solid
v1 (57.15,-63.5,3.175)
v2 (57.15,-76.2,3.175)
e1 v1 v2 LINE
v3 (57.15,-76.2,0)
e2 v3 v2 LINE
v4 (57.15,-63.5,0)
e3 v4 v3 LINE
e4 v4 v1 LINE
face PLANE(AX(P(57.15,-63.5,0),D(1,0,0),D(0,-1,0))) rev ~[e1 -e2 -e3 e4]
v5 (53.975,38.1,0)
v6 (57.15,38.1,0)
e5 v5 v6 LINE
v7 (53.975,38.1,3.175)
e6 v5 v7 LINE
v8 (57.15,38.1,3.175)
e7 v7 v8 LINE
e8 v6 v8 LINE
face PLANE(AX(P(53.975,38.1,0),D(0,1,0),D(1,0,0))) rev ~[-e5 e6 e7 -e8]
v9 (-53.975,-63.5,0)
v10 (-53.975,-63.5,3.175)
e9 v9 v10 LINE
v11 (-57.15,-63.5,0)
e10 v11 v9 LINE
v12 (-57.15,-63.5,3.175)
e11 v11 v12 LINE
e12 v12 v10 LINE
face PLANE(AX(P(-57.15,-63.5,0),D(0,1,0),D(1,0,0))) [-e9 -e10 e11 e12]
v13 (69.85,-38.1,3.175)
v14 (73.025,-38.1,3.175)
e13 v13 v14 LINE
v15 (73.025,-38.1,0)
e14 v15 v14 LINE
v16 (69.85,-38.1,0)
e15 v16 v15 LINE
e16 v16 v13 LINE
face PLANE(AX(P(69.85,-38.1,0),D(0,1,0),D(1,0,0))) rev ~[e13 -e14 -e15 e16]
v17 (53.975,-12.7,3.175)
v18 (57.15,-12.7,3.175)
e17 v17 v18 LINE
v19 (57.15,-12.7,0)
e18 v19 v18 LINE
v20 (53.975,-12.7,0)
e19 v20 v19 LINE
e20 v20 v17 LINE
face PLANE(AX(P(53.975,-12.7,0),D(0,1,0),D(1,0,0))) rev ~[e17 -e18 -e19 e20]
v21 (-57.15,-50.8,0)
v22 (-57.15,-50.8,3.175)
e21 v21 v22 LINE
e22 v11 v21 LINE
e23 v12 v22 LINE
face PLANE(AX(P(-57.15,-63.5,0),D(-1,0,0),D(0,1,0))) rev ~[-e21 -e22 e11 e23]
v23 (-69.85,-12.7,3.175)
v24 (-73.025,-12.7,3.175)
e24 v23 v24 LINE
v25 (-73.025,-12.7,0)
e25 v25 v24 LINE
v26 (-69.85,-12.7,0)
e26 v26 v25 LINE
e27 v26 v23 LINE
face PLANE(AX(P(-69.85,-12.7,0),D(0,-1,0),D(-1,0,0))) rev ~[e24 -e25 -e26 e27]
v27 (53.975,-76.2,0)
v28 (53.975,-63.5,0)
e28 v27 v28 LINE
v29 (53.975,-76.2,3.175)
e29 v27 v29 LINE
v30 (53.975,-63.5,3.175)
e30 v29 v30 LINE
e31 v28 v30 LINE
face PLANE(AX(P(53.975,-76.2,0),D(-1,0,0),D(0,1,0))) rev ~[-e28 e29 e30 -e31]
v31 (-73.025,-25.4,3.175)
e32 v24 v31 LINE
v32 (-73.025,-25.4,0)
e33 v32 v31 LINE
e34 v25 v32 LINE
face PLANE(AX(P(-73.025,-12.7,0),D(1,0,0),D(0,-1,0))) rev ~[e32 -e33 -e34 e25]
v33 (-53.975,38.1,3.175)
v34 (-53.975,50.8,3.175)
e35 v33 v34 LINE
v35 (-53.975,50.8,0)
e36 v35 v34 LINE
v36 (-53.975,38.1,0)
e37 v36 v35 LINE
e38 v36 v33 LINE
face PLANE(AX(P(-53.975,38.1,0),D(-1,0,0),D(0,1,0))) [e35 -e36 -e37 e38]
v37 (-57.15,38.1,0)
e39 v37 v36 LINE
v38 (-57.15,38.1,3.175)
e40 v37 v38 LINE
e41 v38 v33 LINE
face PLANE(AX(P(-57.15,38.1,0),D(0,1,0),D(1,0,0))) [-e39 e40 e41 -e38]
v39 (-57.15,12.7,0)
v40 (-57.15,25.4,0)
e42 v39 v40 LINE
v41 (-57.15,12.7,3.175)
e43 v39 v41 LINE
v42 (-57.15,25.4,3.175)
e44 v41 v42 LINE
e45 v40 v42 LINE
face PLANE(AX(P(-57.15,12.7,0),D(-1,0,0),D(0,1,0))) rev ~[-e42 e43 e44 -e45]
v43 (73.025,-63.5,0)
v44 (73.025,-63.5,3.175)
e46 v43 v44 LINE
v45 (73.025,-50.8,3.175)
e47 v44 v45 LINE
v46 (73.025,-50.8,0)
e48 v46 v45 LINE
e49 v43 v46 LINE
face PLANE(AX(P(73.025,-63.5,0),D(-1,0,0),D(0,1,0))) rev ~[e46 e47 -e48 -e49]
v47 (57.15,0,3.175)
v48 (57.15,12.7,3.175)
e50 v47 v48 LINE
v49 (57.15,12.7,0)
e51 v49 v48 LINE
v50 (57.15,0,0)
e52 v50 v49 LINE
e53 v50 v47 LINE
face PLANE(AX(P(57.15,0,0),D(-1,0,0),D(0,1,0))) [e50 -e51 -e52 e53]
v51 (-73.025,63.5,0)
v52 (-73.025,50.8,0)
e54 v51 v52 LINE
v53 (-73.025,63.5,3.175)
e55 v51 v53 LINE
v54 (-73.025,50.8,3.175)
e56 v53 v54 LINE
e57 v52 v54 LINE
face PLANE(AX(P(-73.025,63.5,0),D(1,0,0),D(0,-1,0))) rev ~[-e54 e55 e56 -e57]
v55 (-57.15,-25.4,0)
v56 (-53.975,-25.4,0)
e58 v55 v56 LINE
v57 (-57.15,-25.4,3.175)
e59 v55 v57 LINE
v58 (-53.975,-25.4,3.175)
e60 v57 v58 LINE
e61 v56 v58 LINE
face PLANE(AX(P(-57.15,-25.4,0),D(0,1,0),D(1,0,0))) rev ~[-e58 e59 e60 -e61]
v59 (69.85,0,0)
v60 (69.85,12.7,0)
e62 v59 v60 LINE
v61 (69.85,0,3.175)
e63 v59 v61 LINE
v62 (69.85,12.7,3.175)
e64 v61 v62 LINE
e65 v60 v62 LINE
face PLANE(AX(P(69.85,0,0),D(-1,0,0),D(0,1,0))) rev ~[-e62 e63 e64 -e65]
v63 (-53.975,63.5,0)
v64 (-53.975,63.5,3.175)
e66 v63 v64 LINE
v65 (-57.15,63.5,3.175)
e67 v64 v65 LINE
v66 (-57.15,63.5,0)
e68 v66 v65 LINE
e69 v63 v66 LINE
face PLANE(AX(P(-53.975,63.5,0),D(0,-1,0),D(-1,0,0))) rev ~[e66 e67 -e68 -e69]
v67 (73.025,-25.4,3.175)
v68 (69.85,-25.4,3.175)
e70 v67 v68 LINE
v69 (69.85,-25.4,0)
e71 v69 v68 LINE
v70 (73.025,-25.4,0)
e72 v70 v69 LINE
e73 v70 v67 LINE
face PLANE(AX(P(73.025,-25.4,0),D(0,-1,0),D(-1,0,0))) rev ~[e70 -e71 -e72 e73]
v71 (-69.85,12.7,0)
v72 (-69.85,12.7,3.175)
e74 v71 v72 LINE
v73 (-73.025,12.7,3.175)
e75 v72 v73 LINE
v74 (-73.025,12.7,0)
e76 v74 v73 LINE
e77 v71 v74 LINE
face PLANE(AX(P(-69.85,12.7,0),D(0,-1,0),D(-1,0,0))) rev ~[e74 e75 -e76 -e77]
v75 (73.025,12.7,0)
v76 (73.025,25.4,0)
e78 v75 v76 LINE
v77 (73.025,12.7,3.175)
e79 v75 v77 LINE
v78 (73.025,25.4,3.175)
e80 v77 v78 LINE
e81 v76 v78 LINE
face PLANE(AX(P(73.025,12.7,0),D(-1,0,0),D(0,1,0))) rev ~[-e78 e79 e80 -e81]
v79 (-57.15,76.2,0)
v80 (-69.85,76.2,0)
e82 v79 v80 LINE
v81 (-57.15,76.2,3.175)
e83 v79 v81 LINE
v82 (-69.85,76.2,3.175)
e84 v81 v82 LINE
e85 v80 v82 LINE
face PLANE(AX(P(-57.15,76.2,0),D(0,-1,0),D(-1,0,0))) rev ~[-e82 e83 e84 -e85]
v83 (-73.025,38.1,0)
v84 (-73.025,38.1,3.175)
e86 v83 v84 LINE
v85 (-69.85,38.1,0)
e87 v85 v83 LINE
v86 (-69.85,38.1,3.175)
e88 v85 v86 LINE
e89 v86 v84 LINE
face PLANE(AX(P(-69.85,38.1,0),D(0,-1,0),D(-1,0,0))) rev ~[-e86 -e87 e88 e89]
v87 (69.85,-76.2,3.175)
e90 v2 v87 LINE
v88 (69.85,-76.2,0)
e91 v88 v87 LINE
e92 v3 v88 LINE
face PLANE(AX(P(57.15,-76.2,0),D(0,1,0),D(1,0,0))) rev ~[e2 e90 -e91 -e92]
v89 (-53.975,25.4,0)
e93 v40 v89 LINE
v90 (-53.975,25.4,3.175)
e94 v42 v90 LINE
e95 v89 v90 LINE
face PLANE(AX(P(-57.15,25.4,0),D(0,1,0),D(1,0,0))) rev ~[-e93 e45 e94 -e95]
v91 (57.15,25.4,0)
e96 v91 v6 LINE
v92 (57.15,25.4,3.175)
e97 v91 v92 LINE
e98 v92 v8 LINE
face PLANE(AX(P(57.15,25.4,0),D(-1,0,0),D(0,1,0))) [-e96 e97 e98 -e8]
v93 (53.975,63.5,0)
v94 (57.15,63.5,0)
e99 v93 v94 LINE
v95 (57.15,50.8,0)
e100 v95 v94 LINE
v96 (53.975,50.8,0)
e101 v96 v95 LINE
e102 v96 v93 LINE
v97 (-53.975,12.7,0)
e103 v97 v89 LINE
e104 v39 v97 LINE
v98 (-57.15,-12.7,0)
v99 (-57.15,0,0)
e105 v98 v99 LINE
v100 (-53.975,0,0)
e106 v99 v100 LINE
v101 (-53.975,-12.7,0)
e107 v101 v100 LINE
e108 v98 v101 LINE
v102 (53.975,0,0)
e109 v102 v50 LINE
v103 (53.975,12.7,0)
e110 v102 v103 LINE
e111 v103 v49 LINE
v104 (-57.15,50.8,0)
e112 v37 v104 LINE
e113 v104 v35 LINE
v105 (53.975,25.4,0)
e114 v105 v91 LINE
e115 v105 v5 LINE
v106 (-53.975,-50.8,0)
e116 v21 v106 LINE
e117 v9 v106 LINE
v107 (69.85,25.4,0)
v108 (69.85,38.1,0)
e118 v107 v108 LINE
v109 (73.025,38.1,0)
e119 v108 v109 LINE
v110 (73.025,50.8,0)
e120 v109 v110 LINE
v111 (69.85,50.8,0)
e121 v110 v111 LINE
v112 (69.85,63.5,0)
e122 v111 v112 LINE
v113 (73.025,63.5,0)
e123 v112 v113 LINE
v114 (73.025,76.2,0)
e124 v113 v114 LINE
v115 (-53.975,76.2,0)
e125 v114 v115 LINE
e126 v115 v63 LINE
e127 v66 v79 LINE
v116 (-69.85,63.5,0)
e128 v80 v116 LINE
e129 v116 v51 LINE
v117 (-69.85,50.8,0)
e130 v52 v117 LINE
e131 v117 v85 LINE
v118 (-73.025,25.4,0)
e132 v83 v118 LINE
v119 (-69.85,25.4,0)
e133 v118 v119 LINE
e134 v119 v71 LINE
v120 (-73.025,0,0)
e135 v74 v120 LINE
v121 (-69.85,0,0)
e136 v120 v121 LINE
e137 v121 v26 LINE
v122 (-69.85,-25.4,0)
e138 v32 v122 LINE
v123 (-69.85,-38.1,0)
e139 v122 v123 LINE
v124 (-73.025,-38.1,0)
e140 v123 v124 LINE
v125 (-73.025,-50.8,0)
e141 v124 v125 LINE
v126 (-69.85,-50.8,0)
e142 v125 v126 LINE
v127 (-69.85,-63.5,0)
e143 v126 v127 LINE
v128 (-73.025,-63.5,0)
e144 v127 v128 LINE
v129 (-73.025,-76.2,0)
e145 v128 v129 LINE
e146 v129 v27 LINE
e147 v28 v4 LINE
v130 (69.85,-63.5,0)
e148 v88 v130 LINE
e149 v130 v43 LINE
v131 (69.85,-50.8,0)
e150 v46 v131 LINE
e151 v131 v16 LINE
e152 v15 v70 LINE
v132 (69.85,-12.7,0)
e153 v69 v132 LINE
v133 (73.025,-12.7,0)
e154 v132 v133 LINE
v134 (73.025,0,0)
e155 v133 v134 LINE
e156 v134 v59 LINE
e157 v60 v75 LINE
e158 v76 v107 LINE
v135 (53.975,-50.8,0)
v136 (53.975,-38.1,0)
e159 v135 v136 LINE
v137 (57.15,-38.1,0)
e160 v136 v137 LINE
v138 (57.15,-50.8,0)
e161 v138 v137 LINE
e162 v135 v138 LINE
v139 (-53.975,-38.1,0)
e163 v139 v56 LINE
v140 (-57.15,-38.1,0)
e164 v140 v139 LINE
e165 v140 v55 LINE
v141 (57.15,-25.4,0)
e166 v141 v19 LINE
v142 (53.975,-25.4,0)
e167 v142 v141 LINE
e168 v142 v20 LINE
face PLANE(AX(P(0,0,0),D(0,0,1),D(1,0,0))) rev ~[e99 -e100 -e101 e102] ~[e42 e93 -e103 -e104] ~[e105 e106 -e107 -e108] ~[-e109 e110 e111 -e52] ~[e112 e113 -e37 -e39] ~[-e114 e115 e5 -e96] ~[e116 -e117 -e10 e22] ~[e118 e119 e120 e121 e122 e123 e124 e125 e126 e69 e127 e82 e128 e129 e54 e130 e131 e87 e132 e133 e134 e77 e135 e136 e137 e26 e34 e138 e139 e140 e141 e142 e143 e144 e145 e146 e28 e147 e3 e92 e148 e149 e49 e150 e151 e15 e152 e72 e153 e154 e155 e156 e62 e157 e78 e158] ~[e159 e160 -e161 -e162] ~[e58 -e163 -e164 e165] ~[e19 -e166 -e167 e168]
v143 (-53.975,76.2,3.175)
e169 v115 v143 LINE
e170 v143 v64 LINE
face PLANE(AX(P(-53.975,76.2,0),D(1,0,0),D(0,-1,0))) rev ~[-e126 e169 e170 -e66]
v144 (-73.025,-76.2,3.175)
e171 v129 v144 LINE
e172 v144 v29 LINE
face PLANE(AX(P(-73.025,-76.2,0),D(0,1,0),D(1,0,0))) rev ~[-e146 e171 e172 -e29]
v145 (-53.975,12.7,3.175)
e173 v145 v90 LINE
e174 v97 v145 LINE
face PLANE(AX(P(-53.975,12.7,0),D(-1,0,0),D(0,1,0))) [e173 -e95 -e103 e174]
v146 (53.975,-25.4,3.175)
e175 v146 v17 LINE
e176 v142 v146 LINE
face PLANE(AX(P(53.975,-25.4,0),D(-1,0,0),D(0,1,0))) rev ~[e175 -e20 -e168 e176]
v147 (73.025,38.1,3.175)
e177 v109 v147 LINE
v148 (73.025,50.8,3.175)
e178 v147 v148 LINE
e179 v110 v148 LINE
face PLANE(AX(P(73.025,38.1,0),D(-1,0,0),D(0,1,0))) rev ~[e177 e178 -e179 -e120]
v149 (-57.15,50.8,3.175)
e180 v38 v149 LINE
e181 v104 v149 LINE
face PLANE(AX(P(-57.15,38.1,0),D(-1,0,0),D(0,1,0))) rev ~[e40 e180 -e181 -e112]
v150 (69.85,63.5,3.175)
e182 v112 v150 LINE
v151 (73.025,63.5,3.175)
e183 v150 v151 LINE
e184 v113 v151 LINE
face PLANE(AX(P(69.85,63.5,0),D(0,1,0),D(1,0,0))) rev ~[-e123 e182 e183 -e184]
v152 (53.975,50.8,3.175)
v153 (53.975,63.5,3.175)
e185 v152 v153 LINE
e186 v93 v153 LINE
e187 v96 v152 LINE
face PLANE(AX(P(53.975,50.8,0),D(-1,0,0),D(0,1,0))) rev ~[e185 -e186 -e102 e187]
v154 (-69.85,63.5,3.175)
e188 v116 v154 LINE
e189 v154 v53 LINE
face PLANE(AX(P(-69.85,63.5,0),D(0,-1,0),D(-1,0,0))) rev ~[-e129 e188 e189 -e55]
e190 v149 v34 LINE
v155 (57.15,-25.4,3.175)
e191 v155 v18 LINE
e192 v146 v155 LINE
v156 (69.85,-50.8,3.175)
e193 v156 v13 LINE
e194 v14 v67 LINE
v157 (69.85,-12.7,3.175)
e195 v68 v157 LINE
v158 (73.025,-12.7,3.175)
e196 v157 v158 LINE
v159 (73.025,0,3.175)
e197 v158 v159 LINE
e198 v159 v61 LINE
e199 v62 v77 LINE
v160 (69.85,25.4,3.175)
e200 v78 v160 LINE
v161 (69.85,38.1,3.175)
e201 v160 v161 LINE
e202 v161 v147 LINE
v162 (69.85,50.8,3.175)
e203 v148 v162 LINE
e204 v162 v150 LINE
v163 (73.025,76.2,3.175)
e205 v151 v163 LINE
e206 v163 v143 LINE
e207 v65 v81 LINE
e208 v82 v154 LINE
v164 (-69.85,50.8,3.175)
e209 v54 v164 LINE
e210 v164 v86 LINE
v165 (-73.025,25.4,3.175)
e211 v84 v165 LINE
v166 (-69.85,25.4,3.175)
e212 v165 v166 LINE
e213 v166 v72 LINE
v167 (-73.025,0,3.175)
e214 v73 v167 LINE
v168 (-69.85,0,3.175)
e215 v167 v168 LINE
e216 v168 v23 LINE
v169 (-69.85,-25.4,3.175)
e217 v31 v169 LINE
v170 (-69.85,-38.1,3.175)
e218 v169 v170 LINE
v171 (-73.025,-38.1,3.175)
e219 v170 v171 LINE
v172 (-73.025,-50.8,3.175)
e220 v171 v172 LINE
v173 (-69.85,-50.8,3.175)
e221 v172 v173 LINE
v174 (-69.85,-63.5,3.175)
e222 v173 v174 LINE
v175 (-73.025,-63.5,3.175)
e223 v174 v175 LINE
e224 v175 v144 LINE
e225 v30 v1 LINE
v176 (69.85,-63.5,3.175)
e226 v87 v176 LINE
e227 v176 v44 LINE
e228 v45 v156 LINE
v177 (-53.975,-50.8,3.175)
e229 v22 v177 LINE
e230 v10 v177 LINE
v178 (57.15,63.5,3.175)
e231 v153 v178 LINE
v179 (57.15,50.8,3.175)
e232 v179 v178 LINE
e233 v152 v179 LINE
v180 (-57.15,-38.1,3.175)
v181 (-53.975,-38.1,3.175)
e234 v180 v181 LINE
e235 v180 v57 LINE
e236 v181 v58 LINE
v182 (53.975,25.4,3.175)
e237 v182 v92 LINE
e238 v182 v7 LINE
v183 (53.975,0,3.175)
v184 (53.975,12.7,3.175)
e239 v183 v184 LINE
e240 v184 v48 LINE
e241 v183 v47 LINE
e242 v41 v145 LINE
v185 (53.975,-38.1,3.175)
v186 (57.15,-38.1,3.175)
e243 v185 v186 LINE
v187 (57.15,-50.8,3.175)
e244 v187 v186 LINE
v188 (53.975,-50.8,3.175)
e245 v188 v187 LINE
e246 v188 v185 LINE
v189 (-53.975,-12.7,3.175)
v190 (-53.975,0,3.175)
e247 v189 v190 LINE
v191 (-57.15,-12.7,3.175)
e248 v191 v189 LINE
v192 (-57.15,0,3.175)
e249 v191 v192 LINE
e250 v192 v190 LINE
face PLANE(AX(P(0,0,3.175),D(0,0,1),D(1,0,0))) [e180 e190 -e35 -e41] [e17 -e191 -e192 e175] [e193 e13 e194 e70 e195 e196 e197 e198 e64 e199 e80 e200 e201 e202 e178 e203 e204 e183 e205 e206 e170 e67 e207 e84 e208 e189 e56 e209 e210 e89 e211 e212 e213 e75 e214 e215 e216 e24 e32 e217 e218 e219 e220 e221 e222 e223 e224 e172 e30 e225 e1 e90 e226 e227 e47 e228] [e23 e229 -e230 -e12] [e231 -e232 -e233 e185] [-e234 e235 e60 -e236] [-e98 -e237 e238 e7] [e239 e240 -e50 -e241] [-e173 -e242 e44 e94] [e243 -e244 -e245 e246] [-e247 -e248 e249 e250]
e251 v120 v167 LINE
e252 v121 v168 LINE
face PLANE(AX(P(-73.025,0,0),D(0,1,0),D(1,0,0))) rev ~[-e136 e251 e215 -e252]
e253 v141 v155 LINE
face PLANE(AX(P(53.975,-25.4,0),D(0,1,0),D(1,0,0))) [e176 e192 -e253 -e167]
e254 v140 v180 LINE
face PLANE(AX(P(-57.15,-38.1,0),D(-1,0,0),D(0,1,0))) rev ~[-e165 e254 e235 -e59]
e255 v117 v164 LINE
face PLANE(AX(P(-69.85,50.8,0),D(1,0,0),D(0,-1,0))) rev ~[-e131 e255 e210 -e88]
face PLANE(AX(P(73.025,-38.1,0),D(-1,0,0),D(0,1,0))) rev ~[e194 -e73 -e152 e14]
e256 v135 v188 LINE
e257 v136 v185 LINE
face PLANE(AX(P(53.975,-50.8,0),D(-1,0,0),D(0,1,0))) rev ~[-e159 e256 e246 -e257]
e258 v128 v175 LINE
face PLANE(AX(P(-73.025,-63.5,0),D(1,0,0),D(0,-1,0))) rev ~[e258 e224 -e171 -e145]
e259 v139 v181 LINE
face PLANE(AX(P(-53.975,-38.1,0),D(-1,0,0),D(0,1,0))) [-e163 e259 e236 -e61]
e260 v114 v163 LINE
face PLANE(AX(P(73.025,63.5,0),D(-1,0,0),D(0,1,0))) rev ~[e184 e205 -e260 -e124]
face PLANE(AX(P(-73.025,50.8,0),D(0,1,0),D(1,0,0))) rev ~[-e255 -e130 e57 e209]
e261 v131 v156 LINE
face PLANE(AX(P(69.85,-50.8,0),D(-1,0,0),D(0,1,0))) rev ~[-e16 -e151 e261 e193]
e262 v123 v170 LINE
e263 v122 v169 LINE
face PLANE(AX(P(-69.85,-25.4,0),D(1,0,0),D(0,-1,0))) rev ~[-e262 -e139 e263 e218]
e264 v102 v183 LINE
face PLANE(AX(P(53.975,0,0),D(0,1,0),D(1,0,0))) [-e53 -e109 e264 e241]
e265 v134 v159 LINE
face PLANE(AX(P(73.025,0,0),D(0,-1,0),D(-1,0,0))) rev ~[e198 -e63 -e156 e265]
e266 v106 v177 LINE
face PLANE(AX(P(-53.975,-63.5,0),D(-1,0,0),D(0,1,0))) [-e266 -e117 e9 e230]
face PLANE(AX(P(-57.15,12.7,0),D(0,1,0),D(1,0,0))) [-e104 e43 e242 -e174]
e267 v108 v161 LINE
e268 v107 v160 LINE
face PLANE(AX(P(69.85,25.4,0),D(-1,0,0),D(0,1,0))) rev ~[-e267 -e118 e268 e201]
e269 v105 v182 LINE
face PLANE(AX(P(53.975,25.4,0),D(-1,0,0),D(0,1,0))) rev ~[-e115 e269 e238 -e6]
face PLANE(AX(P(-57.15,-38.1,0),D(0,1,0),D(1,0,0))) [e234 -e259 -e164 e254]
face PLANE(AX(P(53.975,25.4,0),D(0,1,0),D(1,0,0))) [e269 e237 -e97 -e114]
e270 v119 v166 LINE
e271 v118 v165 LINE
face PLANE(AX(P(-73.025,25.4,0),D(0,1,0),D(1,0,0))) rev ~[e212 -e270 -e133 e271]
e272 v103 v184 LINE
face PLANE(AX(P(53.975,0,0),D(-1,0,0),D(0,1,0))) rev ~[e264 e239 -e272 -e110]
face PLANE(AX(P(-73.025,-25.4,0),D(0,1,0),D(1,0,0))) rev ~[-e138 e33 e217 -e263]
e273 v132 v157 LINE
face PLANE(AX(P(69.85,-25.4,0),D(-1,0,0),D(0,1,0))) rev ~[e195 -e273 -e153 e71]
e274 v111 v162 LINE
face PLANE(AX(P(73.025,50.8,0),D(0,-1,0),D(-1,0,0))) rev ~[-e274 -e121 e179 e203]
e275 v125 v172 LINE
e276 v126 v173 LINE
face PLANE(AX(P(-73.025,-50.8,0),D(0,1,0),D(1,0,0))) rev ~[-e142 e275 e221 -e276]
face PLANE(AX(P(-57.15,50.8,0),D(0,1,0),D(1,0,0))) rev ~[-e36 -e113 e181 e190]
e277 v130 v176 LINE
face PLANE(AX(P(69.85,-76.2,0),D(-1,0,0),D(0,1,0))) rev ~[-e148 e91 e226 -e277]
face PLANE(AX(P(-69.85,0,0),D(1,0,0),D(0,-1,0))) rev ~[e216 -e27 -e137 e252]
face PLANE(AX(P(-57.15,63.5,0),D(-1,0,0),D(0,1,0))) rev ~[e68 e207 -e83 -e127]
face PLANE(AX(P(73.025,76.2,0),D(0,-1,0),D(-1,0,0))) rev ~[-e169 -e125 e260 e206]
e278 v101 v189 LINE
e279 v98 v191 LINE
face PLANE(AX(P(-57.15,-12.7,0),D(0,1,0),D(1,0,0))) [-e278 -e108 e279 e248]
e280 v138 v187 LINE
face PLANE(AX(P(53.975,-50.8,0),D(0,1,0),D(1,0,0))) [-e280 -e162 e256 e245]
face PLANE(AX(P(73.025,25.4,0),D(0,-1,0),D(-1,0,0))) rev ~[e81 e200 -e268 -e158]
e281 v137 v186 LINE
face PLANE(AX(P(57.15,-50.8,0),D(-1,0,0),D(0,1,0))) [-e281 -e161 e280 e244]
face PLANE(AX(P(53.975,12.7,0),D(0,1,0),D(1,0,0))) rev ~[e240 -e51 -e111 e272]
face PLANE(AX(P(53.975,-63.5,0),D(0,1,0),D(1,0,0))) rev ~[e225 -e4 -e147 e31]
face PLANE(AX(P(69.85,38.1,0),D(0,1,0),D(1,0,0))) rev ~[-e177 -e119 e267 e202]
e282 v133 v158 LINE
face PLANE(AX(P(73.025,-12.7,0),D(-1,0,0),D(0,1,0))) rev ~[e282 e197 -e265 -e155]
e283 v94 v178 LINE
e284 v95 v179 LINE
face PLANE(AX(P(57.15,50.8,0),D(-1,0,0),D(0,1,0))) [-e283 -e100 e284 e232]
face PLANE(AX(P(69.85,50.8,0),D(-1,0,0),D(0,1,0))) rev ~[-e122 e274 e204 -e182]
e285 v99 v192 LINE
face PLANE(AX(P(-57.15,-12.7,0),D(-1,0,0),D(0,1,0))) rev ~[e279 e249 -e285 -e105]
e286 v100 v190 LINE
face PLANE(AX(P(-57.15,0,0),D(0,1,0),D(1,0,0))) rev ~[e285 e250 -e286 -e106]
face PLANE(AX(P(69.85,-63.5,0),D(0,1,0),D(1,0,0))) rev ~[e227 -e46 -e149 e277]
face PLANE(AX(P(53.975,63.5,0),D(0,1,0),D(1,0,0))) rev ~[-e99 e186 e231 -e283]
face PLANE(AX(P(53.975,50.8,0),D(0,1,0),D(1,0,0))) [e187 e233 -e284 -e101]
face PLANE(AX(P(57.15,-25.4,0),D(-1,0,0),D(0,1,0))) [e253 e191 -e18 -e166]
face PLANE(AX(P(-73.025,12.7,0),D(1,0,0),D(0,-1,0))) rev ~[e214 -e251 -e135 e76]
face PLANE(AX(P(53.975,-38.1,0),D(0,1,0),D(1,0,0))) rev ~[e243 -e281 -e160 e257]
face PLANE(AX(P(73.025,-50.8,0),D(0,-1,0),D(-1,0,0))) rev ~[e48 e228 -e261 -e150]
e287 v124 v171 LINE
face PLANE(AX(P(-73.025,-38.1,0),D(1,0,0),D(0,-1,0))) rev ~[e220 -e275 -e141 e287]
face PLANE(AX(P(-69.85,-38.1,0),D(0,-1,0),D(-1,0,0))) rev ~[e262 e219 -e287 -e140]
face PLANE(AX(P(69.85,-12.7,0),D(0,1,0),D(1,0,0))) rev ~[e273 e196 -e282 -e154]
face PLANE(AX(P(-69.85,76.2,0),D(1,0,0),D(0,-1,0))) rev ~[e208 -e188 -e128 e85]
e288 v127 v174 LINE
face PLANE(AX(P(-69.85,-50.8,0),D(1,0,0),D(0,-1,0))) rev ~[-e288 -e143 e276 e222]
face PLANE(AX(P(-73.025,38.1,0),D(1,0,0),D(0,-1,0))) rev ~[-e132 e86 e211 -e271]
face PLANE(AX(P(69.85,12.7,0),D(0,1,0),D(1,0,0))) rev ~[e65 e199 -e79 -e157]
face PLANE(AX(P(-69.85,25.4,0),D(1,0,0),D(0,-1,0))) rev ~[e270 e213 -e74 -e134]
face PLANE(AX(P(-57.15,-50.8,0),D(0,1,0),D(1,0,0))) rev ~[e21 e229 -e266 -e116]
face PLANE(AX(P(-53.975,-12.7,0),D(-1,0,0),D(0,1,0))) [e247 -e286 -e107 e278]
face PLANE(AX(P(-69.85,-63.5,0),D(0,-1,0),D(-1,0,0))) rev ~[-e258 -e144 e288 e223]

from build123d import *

# Parameters (mm, degrees)
F0_W     = 3.175
F0_H     = 12.7
F1_DEPTH = 3.175


with BuildPart() as f1:
    # F0 (on Top) → F1 (new body)
    with BuildSketch(Plane.XY):
        Polygon((73.025, 63.5), (73.025, 76.2), (-53.975, 76.2), (-53.975, 63.5), (-57.15, 63.5), (-57.15, 76.2), (-69.85, 76.2), (-69.85, 63.5), (-73.025, 63.5), (-73.025, 50.8), (-69.85, 50.8), (-69.85, 38.1), (-73.025, 38.1), (-73.025, 25.4), (-69.85, 25.4), (-69.85, 12.7), (-73.025, 12.7), (-73.025, 0), (-69.85, 0), (-69.85, -12.7), (-73.025, -12.7), (-73.025, -25.4), (-69.85, -25.4), (-69.85, -38.1), (-73.025, -38.1), (-73.025, -50.8), (-69.85, -50.8), (-69.85, -63.5), (-73.025, -63.5), (-73.025, -76.2), (53.975, -76.2), (53.975, -63.5), (57.15, -63.5), (57.15, -76.2), (69.85, -76.2), (69.85, -63.5), (73.025, -63.5), (73.025, -50.8), (69.85, -50.8), (69.85, -38.1), (73.025, -38.1), (73.025, -25.4), (69.85, -25.4), (69.85, -12.7), (73.025, -12.7), (73.025, 0), (69.85, 0), (69.85, 12.7), (73.025, 12.7), (73.025, 25.4), (69.85, 25.4), (69.85, 38.1), (73.025, 38.1), (73.025, 50.8), (69.85, 50.8), (69.85, 63.5), align=None)
        with Locations((-55.5625, -57.15)):
            Rectangle(F0_W, F0_H, mode=Mode.SUBTRACT)
        with Locations((-55.5625, -31.75)):
            Rectangle(F0_W, F0_H, mode=Mode.SUBTRACT)
        with Locations((-55.5625, -6.35)):
            Rectangle(F0_W, F0_H, mode=Mode.SUBTRACT)
        with Locations((55.5625, -44.45)):
            Rectangle(F0_W, F0_H, mode=Mode.SUBTRACT)
        with Locations((55.5625, -19.05)):
            Rectangle(F0_W, F0_H, mode=Mode.SUBTRACT)
        with Locations((-55.5625, 19.05)):
            Rectangle(F0_W, F0_H, mode=Mode.SUBTRACT)
        with Locations((-55.5625, 44.45)):
            Rectangle(F0_W, F0_H, mode=Mode.SUBTRACT)
        with Locations((55.5625, 6.35)):
            Rectangle(F0_W, F0_H, mode=Mode.SUBTRACT)
        with Locations((55.5625, 31.75)):
            Rectangle(F0_W, F0_H, mode=Mode.SUBTRACT)
        with Locations((55.5625, 57.15)):
            Rectangle(F0_W, F0_H, mode=Mode.SUBTRACT)
    extrude(amount=F1_DEPTH)


solid = f1.part
